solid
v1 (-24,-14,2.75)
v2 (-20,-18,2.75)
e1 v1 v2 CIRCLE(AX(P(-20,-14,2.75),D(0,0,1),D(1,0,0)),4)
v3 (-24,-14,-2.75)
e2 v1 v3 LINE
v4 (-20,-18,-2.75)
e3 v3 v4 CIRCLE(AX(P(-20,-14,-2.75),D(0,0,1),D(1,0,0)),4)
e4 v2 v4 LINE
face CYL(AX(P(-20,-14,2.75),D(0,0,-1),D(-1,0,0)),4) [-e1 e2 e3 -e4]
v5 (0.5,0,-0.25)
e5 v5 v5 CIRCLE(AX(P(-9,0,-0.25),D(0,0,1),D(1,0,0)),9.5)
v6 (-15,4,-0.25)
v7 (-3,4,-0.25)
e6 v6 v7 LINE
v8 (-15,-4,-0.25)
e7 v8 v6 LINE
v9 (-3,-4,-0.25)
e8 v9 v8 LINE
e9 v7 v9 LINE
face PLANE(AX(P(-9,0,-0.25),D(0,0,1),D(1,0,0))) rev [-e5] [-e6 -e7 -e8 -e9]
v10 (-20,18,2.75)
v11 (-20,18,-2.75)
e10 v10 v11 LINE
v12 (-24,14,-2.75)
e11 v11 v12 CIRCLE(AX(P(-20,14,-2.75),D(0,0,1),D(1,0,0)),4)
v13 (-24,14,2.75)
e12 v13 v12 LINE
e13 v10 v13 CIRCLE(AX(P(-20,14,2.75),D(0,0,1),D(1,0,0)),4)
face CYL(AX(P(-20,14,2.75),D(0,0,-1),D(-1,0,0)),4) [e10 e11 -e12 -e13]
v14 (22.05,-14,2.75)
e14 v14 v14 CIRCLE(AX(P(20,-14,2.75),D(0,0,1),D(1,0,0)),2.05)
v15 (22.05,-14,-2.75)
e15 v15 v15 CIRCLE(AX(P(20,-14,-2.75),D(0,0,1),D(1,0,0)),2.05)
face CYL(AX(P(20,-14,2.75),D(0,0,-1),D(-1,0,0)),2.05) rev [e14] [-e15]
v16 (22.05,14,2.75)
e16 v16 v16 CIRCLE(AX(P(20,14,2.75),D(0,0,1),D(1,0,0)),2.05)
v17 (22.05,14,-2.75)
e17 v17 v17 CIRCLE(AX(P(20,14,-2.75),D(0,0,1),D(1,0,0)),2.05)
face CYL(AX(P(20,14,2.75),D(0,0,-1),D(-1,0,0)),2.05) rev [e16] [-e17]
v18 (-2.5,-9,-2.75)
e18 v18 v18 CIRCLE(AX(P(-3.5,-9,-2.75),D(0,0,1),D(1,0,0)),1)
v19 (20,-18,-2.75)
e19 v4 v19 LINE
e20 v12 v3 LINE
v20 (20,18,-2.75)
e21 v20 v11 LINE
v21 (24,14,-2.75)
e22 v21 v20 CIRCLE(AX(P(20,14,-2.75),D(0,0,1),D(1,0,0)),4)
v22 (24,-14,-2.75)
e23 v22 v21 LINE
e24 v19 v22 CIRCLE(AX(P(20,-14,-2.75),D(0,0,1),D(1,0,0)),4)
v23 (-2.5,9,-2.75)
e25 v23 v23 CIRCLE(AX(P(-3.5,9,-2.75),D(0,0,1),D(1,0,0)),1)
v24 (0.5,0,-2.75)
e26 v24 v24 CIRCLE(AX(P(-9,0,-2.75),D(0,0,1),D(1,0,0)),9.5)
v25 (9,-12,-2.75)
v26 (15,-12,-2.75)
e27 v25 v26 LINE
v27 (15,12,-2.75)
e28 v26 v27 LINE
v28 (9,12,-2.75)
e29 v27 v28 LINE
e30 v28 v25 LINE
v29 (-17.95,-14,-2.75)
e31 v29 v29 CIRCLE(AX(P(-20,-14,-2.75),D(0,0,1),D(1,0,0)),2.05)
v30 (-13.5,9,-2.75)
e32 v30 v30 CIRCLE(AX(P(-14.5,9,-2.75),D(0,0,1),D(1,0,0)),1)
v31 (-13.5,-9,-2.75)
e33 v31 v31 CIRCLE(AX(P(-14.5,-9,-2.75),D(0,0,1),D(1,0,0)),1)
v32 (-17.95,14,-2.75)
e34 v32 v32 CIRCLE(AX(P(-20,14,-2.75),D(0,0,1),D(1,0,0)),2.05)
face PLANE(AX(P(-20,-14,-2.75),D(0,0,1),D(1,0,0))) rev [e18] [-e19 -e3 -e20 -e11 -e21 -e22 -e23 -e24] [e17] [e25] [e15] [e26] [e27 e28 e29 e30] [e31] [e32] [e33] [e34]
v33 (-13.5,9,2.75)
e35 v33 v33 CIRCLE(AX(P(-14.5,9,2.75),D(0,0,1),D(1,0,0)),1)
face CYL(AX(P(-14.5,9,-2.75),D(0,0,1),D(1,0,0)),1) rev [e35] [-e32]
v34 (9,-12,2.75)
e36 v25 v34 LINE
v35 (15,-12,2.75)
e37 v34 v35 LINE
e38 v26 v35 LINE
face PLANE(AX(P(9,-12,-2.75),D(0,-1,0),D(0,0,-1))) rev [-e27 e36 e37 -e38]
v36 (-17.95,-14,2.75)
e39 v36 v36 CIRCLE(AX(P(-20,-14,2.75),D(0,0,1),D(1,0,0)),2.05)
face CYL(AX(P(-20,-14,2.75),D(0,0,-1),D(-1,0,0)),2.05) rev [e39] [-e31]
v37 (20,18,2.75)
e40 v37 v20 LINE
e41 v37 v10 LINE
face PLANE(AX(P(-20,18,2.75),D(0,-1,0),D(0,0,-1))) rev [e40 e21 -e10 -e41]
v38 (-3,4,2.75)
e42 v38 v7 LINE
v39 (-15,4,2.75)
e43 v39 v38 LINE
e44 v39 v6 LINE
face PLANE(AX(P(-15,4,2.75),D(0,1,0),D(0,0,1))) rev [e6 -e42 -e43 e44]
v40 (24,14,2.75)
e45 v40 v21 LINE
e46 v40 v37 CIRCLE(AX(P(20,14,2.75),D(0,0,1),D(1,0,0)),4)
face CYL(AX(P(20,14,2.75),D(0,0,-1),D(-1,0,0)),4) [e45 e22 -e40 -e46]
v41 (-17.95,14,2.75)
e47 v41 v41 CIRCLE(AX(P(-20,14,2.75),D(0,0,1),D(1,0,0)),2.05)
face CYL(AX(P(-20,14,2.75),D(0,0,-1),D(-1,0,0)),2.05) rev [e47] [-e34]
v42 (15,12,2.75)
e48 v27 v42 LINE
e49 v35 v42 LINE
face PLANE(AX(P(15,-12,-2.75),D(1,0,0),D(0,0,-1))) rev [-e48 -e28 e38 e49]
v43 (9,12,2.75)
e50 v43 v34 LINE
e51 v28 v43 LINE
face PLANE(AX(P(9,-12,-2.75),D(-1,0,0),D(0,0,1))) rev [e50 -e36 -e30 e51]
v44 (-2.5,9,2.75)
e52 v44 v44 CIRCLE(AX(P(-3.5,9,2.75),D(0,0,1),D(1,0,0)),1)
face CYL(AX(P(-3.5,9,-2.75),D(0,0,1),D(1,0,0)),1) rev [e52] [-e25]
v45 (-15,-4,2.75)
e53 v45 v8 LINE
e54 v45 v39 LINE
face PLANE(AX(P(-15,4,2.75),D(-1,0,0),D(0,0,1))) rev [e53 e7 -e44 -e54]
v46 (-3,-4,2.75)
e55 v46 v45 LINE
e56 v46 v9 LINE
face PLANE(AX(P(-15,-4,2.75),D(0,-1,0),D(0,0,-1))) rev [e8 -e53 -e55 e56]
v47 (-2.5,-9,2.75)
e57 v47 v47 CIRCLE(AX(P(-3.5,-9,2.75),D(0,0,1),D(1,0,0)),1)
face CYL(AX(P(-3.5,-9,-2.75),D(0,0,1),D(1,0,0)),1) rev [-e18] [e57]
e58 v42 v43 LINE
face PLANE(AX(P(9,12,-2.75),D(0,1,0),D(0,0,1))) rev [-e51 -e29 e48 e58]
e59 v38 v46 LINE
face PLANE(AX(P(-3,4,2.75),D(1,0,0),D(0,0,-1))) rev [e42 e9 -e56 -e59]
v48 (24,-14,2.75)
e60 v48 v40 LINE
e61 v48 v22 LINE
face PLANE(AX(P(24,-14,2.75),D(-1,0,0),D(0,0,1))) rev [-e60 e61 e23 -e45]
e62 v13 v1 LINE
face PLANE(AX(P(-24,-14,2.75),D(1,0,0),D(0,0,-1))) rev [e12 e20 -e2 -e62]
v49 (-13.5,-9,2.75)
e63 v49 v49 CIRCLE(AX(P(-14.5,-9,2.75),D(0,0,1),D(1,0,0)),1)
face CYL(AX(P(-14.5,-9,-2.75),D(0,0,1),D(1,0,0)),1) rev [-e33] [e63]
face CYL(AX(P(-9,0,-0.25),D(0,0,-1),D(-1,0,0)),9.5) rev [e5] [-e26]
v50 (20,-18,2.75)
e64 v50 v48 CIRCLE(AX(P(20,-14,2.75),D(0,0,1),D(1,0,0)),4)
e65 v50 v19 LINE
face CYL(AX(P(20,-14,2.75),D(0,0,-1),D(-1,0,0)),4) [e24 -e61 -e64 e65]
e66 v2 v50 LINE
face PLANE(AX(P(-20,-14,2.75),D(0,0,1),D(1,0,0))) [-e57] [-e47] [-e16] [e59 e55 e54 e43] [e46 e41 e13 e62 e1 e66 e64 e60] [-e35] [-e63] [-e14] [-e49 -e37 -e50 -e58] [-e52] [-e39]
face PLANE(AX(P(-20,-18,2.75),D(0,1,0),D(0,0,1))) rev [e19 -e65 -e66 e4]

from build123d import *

# Parameters (mm, degrees)
SKETCH1_R           = 2.05
BOSS_EXTRUDE1_DEPTH = 2.75
SKETCH2_R           = 9.5
CUT_EXTRUDE1_DEPTH  = 2.5
SKETCH3_W           = 12
SKETCH3_H           = 8
CUT_EXTRUDE2_DEPTH  = 31.149626863
SKETCH4_R           = 1
CUT_EXTRUDE3_DEPTH  = 31.5
SKETCH5_W           = 6
SKETCH5_H           = 24
CUT_EXTRUDE4_DEPTH  = 31.5


with BuildPart() as part:
    # Sketch1 → Boss-Extrude1 (new, symmetric)
    with BuildSketch(Plane.XY):
        with BuildLine():
            Line((-20, -18), (20, -18))
            ThreePointArc((20, -18), (22.828427125, -16.828427125), (24, -14))
            Line((24, -14), (24, 14))
            ThreePointArc((24, 14), (22.828427125, 16.828427125), (20, 18))
            Line((20, 18), (-20, 18))
            ThreePointArc((-20, 18), (-22.828427125, 16.828427125), (-24, 14))
            Line((-24, 14), (-24, -14))
            ThreePointArc((-24, -14), (-22.828427125, -16.828427125), (-20, -18))
        make_face()
        with Locations((-20, -14)):
            Circle(SKETCH1_R, mode=Mode.SUBTRACT)
        with Locations((-20, 14)):
            Circle(SKETCH1_R, mode=Mode.SUBTRACT)
        with Locations((20, 14)):
            Circle(SKETCH1_R, mode=Mode.SUBTRACT)
        with Locations((20, -14)):
            Circle(SKETCH1_R, mode=Mode.SUBTRACT)
    extrude(amount=BOSS_EXTRUDE1_DEPTH, both=True)

    # Sketch2 → Cut-Extrude1 (cut)
    with BuildSketch(Plane.XY.offset(-2.75)):
        with Locations((-9, 0)):
            Circle(SKETCH2_R)
    extrude(amount=CUT_EXTRUDE1_DEPTH, mode=Mode.SUBTRACT)

    # Sketch3 → Cut-Extrude2 (cut, through all)
    with BuildSketch(Plane(origin=(0, 0, -0.25), x_dir=(1, 0, 0), z_dir=(0, 0, -1))):
        with Locations((-9, 0)):
            Rectangle(SKETCH3_W, SKETCH3_H)
    extrude(amount=-CUT_EXTRUDE2_DEPTH, mode=Mode.SUBTRACT)

    # Sketch4 → Cut-Extrude3 (cut, through all)
    with BuildSketch(Plane.XY.offset(2.75)):
        with Locations((-14.5, 9)):
            Circle(SKETCH4_R)
        with Locations((-3.5, 9)):
            Circle(SKETCH4_R)
        with Locations((-3.5, -9)):
            Circle(SKETCH4_R)
        with Locations((-14.5, -9)):
            Circle(SKETCH4_R)
    extrude(amount=-CUT_EXTRUDE3_DEPTH, mode=Mode.SUBTRACT)

    # Sketch5 → Cut-Extrude4 (cut, through all)
    with BuildSketch(Plane.XY.offset(2.75)):
        with Locations((12, 0)):
            Rectangle(SKETCH5_W, SKETCH5_H)
    extrude(amount=-CUT_EXTRUDE4_DEPTH, mode=Mode.SUBTRACT)


solid = part.part
